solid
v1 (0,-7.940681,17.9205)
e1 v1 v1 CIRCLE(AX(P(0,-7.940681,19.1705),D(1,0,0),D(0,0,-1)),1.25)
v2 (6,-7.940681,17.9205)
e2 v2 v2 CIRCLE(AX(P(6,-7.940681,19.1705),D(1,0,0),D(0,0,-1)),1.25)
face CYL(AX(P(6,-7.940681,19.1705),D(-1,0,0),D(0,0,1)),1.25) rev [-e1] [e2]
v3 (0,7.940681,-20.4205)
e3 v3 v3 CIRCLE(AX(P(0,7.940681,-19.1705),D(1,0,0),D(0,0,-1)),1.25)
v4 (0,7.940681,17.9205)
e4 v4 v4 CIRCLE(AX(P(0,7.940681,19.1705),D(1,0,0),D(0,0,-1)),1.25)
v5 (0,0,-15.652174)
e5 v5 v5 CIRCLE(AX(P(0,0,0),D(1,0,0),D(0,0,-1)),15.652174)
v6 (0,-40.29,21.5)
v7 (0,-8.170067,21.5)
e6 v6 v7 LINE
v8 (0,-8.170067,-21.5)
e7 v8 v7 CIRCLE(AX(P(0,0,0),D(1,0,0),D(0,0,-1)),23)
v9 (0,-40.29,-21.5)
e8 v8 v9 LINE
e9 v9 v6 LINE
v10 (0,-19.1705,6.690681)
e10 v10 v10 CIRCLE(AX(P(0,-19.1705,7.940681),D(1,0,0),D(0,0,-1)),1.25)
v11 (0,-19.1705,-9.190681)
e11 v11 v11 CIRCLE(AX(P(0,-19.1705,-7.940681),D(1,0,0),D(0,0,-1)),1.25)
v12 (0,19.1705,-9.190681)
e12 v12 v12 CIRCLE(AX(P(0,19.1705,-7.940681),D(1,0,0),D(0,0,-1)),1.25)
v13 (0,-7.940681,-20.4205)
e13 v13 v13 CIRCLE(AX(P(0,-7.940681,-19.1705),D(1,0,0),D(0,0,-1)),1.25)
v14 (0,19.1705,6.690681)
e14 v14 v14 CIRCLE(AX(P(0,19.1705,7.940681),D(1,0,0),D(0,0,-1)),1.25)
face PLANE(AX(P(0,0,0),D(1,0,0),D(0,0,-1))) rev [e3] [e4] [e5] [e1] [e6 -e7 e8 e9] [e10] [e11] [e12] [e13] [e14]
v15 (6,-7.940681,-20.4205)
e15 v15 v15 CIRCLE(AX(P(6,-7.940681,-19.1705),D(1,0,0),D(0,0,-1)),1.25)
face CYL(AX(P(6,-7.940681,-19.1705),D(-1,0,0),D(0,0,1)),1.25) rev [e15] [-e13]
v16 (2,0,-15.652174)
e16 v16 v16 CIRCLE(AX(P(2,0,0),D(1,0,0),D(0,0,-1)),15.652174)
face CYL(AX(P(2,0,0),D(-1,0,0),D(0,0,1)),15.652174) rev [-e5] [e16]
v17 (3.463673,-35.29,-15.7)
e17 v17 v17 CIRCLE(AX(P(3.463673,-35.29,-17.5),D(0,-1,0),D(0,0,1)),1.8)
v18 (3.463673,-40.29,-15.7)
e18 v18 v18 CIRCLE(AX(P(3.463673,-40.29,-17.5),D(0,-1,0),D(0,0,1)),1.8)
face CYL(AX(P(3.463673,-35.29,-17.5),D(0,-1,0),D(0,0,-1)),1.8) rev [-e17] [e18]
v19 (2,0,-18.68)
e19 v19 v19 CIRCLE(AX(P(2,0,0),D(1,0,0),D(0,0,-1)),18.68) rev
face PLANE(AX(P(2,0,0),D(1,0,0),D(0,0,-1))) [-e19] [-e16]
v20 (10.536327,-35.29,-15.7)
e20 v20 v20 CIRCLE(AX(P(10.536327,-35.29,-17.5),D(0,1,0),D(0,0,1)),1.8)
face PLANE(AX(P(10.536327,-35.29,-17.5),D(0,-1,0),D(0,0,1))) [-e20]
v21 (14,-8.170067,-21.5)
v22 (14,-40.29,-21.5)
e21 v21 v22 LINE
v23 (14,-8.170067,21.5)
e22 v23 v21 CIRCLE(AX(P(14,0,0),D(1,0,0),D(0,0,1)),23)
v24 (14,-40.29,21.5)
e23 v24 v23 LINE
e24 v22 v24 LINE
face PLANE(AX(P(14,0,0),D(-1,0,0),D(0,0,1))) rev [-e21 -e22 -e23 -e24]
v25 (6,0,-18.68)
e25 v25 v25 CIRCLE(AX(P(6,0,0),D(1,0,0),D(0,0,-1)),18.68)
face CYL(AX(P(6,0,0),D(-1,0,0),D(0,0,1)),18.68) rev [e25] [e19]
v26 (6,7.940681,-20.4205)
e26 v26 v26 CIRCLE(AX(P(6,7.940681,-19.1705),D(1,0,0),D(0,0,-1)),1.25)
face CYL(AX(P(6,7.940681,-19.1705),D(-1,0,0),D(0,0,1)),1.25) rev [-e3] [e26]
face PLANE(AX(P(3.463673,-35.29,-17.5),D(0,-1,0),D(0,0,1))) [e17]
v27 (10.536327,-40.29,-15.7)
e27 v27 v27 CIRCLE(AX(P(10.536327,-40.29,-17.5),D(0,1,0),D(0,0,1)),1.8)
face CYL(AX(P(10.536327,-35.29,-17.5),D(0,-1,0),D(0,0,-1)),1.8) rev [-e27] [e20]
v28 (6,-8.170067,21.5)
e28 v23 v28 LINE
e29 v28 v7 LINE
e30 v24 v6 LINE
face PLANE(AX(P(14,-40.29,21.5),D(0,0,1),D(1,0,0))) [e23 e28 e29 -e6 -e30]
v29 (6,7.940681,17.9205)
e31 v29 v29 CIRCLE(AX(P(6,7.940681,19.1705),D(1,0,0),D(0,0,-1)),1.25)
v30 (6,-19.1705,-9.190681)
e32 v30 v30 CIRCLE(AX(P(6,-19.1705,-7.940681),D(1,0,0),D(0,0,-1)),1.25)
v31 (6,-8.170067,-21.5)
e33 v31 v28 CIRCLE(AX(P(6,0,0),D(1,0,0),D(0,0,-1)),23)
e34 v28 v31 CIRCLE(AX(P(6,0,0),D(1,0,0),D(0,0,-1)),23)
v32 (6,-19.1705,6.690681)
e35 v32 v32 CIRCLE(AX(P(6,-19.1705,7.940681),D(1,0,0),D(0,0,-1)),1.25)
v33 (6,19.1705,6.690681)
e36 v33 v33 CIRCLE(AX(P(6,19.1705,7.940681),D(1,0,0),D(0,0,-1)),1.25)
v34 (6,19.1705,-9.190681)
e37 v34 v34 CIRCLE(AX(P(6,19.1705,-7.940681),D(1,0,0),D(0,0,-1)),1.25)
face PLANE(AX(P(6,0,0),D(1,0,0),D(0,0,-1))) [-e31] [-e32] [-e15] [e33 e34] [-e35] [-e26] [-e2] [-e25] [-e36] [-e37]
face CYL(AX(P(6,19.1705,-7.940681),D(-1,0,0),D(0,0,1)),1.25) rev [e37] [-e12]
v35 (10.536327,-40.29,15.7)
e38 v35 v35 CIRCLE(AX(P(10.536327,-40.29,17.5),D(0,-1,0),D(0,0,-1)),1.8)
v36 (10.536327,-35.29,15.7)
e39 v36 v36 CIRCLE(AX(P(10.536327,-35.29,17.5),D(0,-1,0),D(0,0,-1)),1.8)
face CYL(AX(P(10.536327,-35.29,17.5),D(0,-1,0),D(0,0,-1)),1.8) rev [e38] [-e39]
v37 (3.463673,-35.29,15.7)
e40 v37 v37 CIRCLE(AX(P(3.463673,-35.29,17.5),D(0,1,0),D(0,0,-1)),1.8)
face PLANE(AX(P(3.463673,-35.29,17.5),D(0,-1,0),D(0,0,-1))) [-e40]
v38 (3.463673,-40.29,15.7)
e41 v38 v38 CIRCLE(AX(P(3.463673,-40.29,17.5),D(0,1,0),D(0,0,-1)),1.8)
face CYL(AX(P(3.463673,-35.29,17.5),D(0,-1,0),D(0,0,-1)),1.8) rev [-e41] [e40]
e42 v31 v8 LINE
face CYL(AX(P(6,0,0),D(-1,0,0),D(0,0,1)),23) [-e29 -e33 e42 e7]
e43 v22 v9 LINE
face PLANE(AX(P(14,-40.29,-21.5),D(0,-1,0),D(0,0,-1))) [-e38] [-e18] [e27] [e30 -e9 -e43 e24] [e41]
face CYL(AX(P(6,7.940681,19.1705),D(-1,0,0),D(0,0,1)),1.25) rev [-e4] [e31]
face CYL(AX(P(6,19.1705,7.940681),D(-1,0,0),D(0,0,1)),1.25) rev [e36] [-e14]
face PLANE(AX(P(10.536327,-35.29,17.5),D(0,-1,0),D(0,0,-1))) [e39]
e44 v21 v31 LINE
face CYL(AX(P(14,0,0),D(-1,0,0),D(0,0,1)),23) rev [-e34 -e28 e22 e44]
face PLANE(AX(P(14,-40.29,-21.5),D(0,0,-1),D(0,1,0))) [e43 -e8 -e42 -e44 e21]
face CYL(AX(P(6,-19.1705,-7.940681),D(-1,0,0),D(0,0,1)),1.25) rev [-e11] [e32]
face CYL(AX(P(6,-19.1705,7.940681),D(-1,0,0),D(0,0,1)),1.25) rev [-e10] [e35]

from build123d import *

# Parameters (mm, degrees)
SKETCH_1_R               = 18.68
SKETCH_1_R_2             = 15.652173913
EXTRUDE_2_DEPTH          = 2
SKETCH_1_4_R             = 23
SKETCH_1_4_R_2           = 1.25
SKETCH_1_4_R_3           = 18.68
EXTRUDE_3_DEPTH          = 6
EXTRUDE_4_DEPTH          = 14
SKETCH_4_R               = 1.8
CUT_EXTRUDE_1_DEPTH      = 5
MIRROR_2_COPY_1_SKETCH_R = 1.8
MIRROR_2_COPY_1_DEPTH    = 5
MIRROR_2_COPY_2_SKETCH_R = 1.8
MIRROR_2_COPY_2_DEPTH    = 5


with BuildPart() as part:
    # 草图1 → 凸台-拉伸2 (new body)
    with BuildSketch(Plane(origin=(0, 0, 0), x_dir=(0, 0, -1), z_dir=(1, 0, 0))):
        Circle(SKETCH_1_R)
        Circle(SKETCH_1_R_2, mode=Mode.SUBTRACT)
    extrude(amount=EXTRUDE_2_DEPTH)



with BuildPart() as body_2:
    # 草图1<4> → 凸台-拉伸3 (new body)
    with BuildSketch(Plane(origin=(0, 0, 0), x_dir=(0, 0, -1), z_dir=(1, 0, 0))):
        Circle(SKETCH_1_4_R)
        with Locations((-7.940681222, -19.1705003)):
            Circle(SKETCH_1_4_R_2, mode=Mode.SUBTRACT)
        with Locations((-19.1705003, -7.940681222)):
            Circle(SKETCH_1_4_R_2, mode=Mode.SUBTRACT)
        with Locations((7.940681222, -19.1705003)):
            Circle(SKETCH_1_4_R_2, mode=Mode.SUBTRACT)
        with Locations((19.1705003, -7.940681222)):
            Circle(SKETCH_1_4_R_2, mode=Mode.SUBTRACT)
        with Locations((-19.1705003, 7.940681222)):
            Circle(SKETCH_1_4_R_2, mode=Mode.SUBTRACT)
        with Locations((-7.940681222, 19.1705003)):
            Circle(SKETCH_1_4_R_2, mode=Mode.SUBTRACT)
        Circle(SKETCH_1_4_R_3, mode=Mode.SUBTRACT)
        with Locations((19.1705003, 7.940681222)):
            Circle(SKETCH_1_4_R_2, mode=Mode.SUBTRACT)
        with Locations((7.940681222, 19.1705003)):
            Circle(SKETCH_1_4_R_2, mode=Mode.SUBTRACT)
    extrude(amount=EXTRUDE_3_DEPTH)


with BuildPart() as part_1:
    add(part.part)

    add(body_2.part)  # 凸台-拉伸4 merges body 2
    # 草图2 → 凸台-拉伸4 (add)
    with BuildSketch(Plane.ZY):
        with BuildLine():
            Line((-21.5, -40.29), (21.5, -40.29))
            Line((21.5, -40.29), (21.5, -8.170067319))
            ThreePointArc((21.5, -8.170067319), (0, -23), (-21.5, -8.170067319))
            Line((-21.5, -8.170067319), (-21.5, -40.29))
        make_face()
    extrude(amount=-EXTRUDE_4_DEPTH)

    # 草图4 → 切除-拉伸1 (cut)
    with BuildSketch(Plane(origin=(0, -40.29, 0), x_dir=(-1, 0, 0), z_dir=(0, -1, 0))):
        with Locations((-10.536326609, -17.5)):
            Circle(SKETCH_4_R)
    cut_extrude_1 = extrude(amount=-CUT_EXTRUDE_1_DEPTH, mode=Mode.SUBTRACT)

    # 镜向1: 切除-拉伸1 across plane
    add(cut_extrude_1.mirror(Plane.XY), mode=Mode.SUBTRACT)

    # 镜向2 copy 1 sketch → 镜向2 copy 1 (cut)
    with BuildSketch(Plane(origin=(14, -40.29, 0), x_dir=(1, 0, 0), z_dir=(0, -1, 0))):
        with Locations((-10.536326609, -17.5)):
            Circle(MIRROR_2_COPY_1_SKETCH_R)
    extrude(amount=-MIRROR_2_COPY_1_DEPTH, mode=Mode.SUBTRACT)

    # 镜向2 copy 2 sketch → 镜向2 copy 2 (cut)
    with BuildSketch(Plane(origin=(14, -40.29, 0), x_dir=(1, 0, 0), z_dir=(0, -1, 0))):
        with Locations((-10.536326609, 17.5)):
            Circle(MIRROR_2_COPY_2_SKETCH_R)
    extrude(amount=-MIRROR_2_COPY_2_DEPTH, mode=Mode.SUBTRACT)


solid = part_1.part
